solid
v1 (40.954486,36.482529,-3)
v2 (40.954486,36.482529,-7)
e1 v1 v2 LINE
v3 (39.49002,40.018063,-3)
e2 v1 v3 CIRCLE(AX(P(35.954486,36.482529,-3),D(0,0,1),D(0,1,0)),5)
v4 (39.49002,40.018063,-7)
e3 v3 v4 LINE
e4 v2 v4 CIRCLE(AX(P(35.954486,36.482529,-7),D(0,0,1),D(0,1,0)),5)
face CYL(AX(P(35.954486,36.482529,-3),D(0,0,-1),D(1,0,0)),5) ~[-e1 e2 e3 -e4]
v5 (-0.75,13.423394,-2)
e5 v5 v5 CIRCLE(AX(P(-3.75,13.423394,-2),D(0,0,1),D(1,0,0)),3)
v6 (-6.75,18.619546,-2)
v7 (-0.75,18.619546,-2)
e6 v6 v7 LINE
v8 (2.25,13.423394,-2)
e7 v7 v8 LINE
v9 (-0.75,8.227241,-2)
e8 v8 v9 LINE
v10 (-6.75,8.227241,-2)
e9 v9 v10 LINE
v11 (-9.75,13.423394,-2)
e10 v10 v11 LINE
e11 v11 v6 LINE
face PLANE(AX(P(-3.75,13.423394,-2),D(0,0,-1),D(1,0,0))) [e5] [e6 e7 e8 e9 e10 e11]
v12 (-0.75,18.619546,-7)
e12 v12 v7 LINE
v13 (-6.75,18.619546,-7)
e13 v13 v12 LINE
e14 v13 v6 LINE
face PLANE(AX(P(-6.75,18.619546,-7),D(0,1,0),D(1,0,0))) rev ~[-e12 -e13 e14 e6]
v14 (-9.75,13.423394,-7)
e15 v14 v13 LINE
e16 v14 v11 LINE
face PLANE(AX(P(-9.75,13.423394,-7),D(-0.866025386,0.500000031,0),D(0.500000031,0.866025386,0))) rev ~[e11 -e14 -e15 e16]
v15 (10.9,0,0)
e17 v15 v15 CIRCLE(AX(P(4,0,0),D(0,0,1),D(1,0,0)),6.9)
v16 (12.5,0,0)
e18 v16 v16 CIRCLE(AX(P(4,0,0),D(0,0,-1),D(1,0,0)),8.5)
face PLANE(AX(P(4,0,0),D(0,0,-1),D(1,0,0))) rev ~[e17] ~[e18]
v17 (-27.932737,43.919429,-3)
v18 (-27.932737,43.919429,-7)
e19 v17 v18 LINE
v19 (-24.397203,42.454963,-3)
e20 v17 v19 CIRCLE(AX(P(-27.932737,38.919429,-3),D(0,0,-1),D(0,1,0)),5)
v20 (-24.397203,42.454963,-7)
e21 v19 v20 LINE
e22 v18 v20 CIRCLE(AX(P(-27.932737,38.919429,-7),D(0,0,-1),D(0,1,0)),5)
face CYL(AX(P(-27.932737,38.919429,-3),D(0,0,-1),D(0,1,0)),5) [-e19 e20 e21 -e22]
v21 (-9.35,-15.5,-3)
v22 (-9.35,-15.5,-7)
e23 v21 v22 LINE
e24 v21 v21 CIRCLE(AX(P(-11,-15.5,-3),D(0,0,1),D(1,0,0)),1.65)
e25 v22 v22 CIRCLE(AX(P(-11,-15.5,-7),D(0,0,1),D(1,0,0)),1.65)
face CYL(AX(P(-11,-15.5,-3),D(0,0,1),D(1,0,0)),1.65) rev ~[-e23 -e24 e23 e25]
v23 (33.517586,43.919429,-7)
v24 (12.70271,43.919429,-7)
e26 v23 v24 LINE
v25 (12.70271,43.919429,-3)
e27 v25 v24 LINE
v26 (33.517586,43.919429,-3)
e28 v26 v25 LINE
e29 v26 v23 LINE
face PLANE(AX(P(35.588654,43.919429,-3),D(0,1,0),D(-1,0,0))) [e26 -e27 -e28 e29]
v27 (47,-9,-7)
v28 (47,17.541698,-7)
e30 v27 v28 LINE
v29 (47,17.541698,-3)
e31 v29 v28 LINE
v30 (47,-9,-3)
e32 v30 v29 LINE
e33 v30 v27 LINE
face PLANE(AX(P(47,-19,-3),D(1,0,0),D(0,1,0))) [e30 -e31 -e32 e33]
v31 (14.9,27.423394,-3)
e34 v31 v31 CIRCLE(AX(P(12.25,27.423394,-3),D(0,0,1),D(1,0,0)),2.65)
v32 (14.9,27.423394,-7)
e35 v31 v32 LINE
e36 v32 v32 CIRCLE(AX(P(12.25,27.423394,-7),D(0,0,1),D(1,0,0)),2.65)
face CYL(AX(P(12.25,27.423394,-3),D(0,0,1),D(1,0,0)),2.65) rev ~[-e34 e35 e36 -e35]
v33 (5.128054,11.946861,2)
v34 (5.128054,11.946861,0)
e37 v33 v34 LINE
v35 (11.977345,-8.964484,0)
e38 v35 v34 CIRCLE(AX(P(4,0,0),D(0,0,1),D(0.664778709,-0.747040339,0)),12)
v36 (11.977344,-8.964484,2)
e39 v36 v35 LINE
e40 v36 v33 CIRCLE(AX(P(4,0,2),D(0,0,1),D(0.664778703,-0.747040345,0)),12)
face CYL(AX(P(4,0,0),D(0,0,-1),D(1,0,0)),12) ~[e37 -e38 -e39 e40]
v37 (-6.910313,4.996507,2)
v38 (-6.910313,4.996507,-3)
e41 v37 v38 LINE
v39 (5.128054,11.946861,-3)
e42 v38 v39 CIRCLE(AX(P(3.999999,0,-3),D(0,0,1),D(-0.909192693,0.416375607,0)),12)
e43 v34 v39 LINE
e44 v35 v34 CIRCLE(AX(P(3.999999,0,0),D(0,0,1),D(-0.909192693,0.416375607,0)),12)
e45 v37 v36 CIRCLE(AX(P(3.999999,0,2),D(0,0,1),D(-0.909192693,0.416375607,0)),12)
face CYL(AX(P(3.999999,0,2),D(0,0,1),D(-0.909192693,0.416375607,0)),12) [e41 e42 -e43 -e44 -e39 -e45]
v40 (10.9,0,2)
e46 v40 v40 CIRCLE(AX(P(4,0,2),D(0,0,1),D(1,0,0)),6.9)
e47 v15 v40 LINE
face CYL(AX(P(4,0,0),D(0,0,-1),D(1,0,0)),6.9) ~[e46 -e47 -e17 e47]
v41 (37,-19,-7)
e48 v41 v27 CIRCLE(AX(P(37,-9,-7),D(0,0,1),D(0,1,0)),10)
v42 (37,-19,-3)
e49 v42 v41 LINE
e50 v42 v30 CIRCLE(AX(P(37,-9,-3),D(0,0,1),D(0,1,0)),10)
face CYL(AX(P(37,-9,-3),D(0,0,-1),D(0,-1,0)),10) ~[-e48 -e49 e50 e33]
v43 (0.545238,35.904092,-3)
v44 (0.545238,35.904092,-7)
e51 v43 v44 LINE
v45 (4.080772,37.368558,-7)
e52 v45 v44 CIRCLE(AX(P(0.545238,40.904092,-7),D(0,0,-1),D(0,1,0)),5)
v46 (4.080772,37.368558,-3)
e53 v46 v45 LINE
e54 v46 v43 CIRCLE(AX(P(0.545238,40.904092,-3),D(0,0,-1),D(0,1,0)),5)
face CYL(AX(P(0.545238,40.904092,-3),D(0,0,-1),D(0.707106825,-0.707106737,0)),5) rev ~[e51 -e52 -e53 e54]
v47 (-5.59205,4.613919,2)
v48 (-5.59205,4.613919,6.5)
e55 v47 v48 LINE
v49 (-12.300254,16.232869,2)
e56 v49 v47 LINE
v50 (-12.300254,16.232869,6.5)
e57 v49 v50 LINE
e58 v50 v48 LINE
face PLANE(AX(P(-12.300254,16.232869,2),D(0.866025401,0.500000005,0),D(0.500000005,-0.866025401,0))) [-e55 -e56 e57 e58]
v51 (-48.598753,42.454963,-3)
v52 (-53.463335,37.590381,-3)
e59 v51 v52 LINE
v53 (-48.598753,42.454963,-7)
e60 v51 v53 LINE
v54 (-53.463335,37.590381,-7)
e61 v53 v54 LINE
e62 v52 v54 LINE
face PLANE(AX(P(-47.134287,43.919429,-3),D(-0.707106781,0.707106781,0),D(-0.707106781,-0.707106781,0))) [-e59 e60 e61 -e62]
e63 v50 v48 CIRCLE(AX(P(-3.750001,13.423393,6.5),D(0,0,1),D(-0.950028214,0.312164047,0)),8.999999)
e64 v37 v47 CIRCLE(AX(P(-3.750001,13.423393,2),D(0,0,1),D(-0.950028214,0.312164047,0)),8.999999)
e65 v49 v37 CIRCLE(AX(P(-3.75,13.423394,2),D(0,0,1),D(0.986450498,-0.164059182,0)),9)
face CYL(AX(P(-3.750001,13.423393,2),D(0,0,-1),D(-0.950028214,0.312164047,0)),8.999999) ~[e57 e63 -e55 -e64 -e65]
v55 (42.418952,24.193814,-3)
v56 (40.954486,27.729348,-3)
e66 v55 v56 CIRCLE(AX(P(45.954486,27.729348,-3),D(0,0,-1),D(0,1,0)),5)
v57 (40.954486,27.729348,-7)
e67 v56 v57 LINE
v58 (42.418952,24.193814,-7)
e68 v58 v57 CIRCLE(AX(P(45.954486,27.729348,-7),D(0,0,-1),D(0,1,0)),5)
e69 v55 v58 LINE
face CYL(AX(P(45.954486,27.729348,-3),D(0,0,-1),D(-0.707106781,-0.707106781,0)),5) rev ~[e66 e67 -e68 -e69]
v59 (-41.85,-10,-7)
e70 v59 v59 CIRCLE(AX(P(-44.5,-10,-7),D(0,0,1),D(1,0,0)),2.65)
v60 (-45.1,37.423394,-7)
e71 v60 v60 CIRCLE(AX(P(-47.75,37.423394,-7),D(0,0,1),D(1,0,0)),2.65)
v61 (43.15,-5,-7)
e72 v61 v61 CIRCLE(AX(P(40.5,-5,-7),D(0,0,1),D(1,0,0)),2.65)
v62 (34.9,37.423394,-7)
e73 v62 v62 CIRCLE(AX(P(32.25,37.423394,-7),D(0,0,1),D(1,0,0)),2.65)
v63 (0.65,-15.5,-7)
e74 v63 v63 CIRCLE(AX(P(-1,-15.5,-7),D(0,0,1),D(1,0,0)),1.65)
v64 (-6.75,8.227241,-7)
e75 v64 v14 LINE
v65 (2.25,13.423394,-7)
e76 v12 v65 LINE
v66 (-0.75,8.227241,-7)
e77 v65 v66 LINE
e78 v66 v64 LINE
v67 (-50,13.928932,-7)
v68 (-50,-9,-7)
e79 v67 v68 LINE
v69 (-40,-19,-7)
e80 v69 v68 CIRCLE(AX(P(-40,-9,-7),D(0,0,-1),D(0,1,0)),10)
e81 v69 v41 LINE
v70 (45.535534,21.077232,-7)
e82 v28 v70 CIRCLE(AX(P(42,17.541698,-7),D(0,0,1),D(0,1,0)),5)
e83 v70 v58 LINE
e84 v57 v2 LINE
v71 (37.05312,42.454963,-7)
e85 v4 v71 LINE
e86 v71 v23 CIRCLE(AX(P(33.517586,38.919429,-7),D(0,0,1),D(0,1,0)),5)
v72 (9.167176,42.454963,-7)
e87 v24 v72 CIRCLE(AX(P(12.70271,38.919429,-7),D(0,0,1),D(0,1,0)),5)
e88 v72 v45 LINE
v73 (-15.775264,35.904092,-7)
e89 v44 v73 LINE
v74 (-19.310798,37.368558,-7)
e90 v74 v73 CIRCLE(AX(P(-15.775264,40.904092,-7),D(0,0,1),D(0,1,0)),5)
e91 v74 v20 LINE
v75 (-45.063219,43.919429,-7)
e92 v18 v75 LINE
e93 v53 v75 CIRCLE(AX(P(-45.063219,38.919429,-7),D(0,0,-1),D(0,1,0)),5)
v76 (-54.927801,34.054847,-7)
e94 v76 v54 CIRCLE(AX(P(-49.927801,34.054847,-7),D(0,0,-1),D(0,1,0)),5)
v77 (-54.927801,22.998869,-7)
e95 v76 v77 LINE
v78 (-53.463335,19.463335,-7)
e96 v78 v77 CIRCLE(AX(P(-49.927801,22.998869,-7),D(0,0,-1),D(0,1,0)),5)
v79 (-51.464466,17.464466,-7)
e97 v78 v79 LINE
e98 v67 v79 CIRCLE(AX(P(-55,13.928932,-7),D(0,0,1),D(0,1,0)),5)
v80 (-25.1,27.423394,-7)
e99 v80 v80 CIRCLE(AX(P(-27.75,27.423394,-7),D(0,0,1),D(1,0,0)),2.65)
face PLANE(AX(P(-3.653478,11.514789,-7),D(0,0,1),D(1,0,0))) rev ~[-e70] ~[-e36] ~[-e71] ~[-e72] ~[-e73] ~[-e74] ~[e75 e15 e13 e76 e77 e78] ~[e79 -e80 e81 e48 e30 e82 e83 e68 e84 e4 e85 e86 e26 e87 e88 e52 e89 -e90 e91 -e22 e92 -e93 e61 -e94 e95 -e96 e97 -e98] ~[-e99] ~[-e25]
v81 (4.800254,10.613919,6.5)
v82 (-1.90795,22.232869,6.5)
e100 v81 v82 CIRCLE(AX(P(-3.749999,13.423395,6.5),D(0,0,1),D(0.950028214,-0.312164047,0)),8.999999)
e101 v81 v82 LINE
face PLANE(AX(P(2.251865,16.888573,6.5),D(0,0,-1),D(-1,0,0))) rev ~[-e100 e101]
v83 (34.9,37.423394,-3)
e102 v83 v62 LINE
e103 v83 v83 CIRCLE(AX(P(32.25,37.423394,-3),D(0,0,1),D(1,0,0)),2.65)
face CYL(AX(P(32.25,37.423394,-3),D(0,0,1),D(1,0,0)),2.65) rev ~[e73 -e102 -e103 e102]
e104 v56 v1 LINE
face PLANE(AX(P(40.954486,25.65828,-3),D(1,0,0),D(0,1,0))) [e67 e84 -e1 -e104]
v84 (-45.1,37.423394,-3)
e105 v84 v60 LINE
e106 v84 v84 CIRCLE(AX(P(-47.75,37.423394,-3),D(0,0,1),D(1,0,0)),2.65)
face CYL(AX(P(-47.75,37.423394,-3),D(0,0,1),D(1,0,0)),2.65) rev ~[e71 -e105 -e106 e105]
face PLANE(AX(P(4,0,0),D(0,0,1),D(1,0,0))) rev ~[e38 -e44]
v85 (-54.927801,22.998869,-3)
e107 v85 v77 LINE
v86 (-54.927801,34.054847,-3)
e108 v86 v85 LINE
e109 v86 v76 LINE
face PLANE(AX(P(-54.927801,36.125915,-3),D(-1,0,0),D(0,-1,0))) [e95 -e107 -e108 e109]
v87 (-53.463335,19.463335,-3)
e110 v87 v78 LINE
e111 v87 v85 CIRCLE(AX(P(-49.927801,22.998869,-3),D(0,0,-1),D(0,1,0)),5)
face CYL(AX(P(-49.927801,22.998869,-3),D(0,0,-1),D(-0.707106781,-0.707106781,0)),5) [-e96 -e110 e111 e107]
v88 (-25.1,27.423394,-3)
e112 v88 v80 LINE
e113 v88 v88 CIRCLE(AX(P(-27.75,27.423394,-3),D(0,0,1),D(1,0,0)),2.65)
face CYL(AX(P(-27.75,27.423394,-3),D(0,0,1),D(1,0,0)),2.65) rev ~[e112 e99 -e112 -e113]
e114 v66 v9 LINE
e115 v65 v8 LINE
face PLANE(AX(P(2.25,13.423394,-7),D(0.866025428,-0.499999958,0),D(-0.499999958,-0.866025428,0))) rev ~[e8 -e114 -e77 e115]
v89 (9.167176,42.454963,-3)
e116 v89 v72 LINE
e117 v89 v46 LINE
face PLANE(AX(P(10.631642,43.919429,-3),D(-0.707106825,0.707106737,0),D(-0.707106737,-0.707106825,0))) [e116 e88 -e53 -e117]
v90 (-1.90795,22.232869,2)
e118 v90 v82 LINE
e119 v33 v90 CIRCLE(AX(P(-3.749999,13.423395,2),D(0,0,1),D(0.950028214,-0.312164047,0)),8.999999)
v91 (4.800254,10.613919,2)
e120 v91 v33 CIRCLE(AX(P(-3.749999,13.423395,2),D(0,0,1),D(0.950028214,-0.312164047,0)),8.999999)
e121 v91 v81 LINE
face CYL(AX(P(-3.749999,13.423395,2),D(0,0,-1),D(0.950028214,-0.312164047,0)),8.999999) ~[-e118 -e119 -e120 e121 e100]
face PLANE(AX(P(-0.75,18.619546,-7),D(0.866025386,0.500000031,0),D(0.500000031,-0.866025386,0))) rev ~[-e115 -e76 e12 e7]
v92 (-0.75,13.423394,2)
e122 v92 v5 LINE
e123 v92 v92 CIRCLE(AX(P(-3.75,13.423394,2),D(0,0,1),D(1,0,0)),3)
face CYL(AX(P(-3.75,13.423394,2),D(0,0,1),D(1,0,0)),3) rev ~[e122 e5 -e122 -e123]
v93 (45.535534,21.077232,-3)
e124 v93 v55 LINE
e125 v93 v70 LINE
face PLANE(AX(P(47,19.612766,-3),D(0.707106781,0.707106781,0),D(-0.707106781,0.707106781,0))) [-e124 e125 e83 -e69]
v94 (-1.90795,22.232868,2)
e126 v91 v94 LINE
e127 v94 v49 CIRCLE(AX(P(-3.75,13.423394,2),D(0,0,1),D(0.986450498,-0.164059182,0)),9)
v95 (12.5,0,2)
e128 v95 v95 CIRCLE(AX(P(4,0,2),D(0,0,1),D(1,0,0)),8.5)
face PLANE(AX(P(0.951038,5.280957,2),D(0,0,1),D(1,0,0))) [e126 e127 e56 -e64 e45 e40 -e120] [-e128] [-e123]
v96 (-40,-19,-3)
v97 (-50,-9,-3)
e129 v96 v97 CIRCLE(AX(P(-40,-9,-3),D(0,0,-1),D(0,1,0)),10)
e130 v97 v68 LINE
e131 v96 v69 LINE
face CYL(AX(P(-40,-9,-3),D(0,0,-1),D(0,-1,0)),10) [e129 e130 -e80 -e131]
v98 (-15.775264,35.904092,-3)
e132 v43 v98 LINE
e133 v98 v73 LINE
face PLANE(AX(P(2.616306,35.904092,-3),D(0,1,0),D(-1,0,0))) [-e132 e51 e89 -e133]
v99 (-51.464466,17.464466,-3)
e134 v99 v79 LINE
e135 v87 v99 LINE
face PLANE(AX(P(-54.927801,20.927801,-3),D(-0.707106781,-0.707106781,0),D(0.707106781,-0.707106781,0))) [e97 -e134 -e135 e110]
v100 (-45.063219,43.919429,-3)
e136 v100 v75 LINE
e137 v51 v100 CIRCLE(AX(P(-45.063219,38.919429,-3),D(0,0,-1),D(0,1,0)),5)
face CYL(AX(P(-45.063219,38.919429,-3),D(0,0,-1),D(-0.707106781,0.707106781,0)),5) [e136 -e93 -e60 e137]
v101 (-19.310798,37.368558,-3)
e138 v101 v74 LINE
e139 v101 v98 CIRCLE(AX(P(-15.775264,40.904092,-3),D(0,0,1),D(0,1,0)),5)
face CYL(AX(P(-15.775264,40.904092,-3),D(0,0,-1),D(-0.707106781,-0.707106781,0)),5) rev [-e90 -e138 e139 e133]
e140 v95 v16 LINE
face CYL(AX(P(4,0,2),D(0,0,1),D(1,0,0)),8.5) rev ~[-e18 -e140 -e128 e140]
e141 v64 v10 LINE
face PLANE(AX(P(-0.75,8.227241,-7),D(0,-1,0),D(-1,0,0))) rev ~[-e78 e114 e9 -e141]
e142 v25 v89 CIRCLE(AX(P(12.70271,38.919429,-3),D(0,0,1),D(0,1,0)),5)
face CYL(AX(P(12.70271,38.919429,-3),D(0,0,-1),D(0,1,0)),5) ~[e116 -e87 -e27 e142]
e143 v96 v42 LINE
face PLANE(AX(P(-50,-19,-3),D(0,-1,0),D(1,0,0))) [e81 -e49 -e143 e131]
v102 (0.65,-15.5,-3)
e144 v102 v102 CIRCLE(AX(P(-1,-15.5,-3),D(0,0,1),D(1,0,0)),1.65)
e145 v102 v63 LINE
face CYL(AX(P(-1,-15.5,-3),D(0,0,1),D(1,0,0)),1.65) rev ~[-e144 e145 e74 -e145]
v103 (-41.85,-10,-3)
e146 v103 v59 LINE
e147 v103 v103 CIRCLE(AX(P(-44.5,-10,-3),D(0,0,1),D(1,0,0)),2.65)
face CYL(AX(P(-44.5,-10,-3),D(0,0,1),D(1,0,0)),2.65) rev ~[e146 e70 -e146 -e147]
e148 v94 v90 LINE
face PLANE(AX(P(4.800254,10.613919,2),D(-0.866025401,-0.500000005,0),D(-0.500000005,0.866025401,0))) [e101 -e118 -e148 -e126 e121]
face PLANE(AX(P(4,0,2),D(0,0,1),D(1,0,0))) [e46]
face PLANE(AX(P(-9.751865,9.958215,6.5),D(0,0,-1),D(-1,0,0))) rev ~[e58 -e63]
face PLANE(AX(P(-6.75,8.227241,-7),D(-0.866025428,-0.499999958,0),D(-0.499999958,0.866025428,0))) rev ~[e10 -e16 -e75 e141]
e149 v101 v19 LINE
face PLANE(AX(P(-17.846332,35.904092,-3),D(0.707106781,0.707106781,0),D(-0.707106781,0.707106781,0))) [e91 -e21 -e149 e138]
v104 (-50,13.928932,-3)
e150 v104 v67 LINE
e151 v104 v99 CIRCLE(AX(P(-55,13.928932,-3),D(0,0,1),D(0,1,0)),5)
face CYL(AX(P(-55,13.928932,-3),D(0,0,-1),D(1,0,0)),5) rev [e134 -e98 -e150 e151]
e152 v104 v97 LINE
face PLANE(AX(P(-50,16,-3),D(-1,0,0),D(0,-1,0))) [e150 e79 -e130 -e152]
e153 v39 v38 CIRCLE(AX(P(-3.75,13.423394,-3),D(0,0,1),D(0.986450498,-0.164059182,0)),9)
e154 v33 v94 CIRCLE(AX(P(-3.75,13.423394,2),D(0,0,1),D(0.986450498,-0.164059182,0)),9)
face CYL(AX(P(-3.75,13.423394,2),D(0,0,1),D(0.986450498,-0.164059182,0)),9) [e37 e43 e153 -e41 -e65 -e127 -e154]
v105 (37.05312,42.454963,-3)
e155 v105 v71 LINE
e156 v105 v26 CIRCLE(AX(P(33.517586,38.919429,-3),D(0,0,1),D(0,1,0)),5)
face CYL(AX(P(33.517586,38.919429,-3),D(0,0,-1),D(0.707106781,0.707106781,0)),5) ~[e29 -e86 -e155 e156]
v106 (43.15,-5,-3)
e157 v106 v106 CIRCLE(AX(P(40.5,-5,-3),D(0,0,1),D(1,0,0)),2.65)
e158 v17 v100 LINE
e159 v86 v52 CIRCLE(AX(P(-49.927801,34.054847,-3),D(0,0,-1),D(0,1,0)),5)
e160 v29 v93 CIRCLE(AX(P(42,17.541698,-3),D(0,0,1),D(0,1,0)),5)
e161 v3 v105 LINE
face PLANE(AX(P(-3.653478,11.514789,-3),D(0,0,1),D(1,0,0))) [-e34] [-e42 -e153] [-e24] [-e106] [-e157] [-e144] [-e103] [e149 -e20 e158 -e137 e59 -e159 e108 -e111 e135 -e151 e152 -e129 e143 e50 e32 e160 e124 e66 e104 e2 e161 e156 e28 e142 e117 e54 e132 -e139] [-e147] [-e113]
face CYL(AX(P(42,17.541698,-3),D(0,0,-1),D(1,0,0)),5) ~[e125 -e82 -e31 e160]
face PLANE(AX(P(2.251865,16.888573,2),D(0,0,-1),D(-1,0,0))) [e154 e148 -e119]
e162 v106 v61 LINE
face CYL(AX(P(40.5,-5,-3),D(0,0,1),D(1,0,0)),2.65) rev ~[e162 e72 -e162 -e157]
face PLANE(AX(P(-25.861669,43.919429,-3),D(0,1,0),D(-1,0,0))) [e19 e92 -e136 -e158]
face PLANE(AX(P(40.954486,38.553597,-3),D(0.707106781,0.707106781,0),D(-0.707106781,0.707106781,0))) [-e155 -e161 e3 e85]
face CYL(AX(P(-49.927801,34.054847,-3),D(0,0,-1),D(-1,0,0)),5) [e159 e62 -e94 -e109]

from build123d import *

# Parameters (mm, degrees)
SKETCH_R        = 12
SKETCH_R_2      = 8.5
PAD_DEPTH       = 2
SKETCH001_R     = 8.5
SKETCH001_R_2   = 3
PAD001_DEPTH    = 5
SKETCH002_R     = 8.5
PAD002_DEPTH    = 3
SKETCH003_R     = 6.9
PAD003_DEPTH    = 2
PAD004_DEPTH    = 4.5
SKETCH006_R     = 3
POCKET_DEPTH    = 5
SKETCH005_R     = 2.65
PAD005_DEPTH    = 4
POCKET001_DEPTH = 5
SKETCH010_R     = 1.65
POCKET002_DEPTH = 4.001
FILLET_R        = 10
FILLET001_R     = 5
FILLET002_R     = 5


with BuildPart() as part:
    # Sketch → Pad (new body)
    with BuildSketch(Plane.XY):
        with Locations((4, 0)):
            Circle(SKETCH_R)
        with Locations((4, 0)):
            Circle(SKETCH_R_2, mode=Mode.SUBTRACT)
    extrude(amount=PAD_DEPTH)

    # Sketch001 (on Face4 of Pad) → Pad001 (join)
    with BuildSketch(Plane.XY.offset(2)):
        with BuildLine():
            ThreePointArc((-6.910313, 4.996507), (10, -10.392305), (5.128054, 11.946861))
            ThreePointArc((5.128054, 11.946861), (-8.25, 21.217622), (-6.910313, 4.996507))
        make_face()
        with Locations((4, 0)):
            Circle(SKETCH001_R, mode=Mode.SUBTRACT)
        with Locations((-3.75, 13.423394)):
            Circle(SKETCH001_R_2, mode=Mode.SUBTRACT)
    extrude(amount=-PAD001_DEPTH)

    # Sketch002 (on Face6 of Pad001) → Pad002 (join)
    with BuildSketch(Plane(origin=(0, 0, -3), x_dir=(1, 0, 0), z_dir=(0, 0, -1))):
        with Locations((4, 0)):
            Circle(SKETCH002_R)
    extrude(amount=-PAD002_DEPTH)

    # Sketch003 (on Face11 of Pad002) → Pad003 (join)
    with BuildSketch(Plane.XY):
        with Locations((4, 0)):
            Circle(SKETCH003_R)
    extrude(amount=PAD003_DEPTH)

    # Sketch004 (on Face7 of Pad003) → Pad004 (join)
    with BuildSketch(Plane.XY.offset(2)):
        with BuildLine():
            Line((-12.300254, 16.232869), (-5.59205, 4.613919))
            ThreePointArc((-12.300254, 16.232869), (-11.544229, 8.923394), (-5.59205, 4.613919))
        make_face()
        with BuildLine():
            Line((4.800254, 10.613919), (-1.90795, 22.232869))
            ThreePointArc((4.800254, 10.613919), (4.044229, 17.923394), (-1.90795, 22.232869))
        make_face()
    extrude(amount=PAD004_DEPTH)

    # Sketch006 → Pocket (cut)
    with BuildSketch(Plane.XY.offset(-3)):
        with Locations((-3.75, 13.423394)):
            Circle(SKETCH006_R)
    extrude(amount=-POCKET_DEPTH, mode=Mode.SUBTRACT)

    # Sketch005 (on Face19 of Pad004) → Pad005 (join)
    with BuildSketch(Plane.XY.offset(-3)):
        Polygon((-50, -19), (47, -19), (47, 16), (47, 19.612766), (40.954486, 25.65828), (40.954486, 38.553597), (35.588654, 43.919429), (10.631642, 43.919429), (2.616306, 35.904092), (-17.846332, 35.904092), (-25.861669, 43.919429), (-47.134287, 43.919429), (-54.927801, 36.125915), (-54.927801, 20.927801), (-50, 16), align=None)
        with Locations((40.5, -5)):
            Circle(SKETCH005_R, mode=Mode.SUBTRACT)
        with Locations((-27.75, 27.423394)):
            Circle(SKETCH005_R, mode=Mode.SUBTRACT)
        with Locations((-47.75, 37.423394)):
            Circle(SKETCH005_R, mode=Mode.SUBTRACT)
        with Locations((32.25, 37.423394)):
            Circle(SKETCH005_R, mode=Mode.SUBTRACT)
        with Locations((12.25, 27.423394)):
            Circle(SKETCH005_R, mode=Mode.SUBTRACT)
        with Locations((-44.5, -10)):
            Circle(SKETCH005_R, mode=Mode.SUBTRACT)
    extrude(amount=-PAD005_DEPTH)

    # Sketch008 (on Face5 of Pad005) → Pocket001 (cut)
    with BuildSketch(Plane(origin=(0, 0, -7), x_dir=(1, 0, 0), z_dir=(0, 0, -1))):
        Polygon((-6.75, -8.227241), (-9.75, -13.423394), (-6.75, -18.619546), (-0.75, -18.619546), (2.25, -13.423394), (-0.75, -8.227241), align=None)
    extrude(amount=-POCKET001_DEPTH, mode=Mode.SUBTRACT)

    # Sketch010 (on Face4 of Pocket001) → Pocket002 (cut, through all)
    with BuildSketch(Plane.XY.offset(-3)):
        with Locations((-11, -15.5)):
            Circle(SKETCH010_R)
        with Locations((-1, -15.5)):
            Circle(SKETCH010_R)
    extrude(amount=-POCKET002_DEPTH, mode=Mode.SUBTRACT)

    # Fillet
    fillet_edges = [part.edges().sort_by_distance(p)[0] for p in [
        (-50, -19, -5),
        (47, -19, -5),
    ]]
    fillet(fillet_edges, radius=FILLET_R)

    # Fillet001
    fillet001_edges = [part.edges().sort_by_distance(p)[0] for p in [
        (-54.927801, 20.927801, -5),
        (-50, 16, -5),
        (-54.927801, 36.125915, -5),
        (-47.134287, 43.919429, -5),
    ]]
    fillet(fillet001_edges, radius=FILLET001_R)

    # Fillet002
    fillet002_edges = [part.edges().sort_by_distance(p)[0] for p in [
        (-25.861669, 43.919429, -5),
        (-17.846332, 35.904092, -5),
        (2.616306, 35.904092, -5),
        (10.631642, 43.919429, -5),
        (35.588654, 43.919429, -5),
        (40.954486, 38.553597, -5),
        (40.954486, 25.65828, -5),
        (47, 19.612766, -5),
    ]]
    fillet(fillet002_edges, radius=FILLET002_R)


solid = part.part
